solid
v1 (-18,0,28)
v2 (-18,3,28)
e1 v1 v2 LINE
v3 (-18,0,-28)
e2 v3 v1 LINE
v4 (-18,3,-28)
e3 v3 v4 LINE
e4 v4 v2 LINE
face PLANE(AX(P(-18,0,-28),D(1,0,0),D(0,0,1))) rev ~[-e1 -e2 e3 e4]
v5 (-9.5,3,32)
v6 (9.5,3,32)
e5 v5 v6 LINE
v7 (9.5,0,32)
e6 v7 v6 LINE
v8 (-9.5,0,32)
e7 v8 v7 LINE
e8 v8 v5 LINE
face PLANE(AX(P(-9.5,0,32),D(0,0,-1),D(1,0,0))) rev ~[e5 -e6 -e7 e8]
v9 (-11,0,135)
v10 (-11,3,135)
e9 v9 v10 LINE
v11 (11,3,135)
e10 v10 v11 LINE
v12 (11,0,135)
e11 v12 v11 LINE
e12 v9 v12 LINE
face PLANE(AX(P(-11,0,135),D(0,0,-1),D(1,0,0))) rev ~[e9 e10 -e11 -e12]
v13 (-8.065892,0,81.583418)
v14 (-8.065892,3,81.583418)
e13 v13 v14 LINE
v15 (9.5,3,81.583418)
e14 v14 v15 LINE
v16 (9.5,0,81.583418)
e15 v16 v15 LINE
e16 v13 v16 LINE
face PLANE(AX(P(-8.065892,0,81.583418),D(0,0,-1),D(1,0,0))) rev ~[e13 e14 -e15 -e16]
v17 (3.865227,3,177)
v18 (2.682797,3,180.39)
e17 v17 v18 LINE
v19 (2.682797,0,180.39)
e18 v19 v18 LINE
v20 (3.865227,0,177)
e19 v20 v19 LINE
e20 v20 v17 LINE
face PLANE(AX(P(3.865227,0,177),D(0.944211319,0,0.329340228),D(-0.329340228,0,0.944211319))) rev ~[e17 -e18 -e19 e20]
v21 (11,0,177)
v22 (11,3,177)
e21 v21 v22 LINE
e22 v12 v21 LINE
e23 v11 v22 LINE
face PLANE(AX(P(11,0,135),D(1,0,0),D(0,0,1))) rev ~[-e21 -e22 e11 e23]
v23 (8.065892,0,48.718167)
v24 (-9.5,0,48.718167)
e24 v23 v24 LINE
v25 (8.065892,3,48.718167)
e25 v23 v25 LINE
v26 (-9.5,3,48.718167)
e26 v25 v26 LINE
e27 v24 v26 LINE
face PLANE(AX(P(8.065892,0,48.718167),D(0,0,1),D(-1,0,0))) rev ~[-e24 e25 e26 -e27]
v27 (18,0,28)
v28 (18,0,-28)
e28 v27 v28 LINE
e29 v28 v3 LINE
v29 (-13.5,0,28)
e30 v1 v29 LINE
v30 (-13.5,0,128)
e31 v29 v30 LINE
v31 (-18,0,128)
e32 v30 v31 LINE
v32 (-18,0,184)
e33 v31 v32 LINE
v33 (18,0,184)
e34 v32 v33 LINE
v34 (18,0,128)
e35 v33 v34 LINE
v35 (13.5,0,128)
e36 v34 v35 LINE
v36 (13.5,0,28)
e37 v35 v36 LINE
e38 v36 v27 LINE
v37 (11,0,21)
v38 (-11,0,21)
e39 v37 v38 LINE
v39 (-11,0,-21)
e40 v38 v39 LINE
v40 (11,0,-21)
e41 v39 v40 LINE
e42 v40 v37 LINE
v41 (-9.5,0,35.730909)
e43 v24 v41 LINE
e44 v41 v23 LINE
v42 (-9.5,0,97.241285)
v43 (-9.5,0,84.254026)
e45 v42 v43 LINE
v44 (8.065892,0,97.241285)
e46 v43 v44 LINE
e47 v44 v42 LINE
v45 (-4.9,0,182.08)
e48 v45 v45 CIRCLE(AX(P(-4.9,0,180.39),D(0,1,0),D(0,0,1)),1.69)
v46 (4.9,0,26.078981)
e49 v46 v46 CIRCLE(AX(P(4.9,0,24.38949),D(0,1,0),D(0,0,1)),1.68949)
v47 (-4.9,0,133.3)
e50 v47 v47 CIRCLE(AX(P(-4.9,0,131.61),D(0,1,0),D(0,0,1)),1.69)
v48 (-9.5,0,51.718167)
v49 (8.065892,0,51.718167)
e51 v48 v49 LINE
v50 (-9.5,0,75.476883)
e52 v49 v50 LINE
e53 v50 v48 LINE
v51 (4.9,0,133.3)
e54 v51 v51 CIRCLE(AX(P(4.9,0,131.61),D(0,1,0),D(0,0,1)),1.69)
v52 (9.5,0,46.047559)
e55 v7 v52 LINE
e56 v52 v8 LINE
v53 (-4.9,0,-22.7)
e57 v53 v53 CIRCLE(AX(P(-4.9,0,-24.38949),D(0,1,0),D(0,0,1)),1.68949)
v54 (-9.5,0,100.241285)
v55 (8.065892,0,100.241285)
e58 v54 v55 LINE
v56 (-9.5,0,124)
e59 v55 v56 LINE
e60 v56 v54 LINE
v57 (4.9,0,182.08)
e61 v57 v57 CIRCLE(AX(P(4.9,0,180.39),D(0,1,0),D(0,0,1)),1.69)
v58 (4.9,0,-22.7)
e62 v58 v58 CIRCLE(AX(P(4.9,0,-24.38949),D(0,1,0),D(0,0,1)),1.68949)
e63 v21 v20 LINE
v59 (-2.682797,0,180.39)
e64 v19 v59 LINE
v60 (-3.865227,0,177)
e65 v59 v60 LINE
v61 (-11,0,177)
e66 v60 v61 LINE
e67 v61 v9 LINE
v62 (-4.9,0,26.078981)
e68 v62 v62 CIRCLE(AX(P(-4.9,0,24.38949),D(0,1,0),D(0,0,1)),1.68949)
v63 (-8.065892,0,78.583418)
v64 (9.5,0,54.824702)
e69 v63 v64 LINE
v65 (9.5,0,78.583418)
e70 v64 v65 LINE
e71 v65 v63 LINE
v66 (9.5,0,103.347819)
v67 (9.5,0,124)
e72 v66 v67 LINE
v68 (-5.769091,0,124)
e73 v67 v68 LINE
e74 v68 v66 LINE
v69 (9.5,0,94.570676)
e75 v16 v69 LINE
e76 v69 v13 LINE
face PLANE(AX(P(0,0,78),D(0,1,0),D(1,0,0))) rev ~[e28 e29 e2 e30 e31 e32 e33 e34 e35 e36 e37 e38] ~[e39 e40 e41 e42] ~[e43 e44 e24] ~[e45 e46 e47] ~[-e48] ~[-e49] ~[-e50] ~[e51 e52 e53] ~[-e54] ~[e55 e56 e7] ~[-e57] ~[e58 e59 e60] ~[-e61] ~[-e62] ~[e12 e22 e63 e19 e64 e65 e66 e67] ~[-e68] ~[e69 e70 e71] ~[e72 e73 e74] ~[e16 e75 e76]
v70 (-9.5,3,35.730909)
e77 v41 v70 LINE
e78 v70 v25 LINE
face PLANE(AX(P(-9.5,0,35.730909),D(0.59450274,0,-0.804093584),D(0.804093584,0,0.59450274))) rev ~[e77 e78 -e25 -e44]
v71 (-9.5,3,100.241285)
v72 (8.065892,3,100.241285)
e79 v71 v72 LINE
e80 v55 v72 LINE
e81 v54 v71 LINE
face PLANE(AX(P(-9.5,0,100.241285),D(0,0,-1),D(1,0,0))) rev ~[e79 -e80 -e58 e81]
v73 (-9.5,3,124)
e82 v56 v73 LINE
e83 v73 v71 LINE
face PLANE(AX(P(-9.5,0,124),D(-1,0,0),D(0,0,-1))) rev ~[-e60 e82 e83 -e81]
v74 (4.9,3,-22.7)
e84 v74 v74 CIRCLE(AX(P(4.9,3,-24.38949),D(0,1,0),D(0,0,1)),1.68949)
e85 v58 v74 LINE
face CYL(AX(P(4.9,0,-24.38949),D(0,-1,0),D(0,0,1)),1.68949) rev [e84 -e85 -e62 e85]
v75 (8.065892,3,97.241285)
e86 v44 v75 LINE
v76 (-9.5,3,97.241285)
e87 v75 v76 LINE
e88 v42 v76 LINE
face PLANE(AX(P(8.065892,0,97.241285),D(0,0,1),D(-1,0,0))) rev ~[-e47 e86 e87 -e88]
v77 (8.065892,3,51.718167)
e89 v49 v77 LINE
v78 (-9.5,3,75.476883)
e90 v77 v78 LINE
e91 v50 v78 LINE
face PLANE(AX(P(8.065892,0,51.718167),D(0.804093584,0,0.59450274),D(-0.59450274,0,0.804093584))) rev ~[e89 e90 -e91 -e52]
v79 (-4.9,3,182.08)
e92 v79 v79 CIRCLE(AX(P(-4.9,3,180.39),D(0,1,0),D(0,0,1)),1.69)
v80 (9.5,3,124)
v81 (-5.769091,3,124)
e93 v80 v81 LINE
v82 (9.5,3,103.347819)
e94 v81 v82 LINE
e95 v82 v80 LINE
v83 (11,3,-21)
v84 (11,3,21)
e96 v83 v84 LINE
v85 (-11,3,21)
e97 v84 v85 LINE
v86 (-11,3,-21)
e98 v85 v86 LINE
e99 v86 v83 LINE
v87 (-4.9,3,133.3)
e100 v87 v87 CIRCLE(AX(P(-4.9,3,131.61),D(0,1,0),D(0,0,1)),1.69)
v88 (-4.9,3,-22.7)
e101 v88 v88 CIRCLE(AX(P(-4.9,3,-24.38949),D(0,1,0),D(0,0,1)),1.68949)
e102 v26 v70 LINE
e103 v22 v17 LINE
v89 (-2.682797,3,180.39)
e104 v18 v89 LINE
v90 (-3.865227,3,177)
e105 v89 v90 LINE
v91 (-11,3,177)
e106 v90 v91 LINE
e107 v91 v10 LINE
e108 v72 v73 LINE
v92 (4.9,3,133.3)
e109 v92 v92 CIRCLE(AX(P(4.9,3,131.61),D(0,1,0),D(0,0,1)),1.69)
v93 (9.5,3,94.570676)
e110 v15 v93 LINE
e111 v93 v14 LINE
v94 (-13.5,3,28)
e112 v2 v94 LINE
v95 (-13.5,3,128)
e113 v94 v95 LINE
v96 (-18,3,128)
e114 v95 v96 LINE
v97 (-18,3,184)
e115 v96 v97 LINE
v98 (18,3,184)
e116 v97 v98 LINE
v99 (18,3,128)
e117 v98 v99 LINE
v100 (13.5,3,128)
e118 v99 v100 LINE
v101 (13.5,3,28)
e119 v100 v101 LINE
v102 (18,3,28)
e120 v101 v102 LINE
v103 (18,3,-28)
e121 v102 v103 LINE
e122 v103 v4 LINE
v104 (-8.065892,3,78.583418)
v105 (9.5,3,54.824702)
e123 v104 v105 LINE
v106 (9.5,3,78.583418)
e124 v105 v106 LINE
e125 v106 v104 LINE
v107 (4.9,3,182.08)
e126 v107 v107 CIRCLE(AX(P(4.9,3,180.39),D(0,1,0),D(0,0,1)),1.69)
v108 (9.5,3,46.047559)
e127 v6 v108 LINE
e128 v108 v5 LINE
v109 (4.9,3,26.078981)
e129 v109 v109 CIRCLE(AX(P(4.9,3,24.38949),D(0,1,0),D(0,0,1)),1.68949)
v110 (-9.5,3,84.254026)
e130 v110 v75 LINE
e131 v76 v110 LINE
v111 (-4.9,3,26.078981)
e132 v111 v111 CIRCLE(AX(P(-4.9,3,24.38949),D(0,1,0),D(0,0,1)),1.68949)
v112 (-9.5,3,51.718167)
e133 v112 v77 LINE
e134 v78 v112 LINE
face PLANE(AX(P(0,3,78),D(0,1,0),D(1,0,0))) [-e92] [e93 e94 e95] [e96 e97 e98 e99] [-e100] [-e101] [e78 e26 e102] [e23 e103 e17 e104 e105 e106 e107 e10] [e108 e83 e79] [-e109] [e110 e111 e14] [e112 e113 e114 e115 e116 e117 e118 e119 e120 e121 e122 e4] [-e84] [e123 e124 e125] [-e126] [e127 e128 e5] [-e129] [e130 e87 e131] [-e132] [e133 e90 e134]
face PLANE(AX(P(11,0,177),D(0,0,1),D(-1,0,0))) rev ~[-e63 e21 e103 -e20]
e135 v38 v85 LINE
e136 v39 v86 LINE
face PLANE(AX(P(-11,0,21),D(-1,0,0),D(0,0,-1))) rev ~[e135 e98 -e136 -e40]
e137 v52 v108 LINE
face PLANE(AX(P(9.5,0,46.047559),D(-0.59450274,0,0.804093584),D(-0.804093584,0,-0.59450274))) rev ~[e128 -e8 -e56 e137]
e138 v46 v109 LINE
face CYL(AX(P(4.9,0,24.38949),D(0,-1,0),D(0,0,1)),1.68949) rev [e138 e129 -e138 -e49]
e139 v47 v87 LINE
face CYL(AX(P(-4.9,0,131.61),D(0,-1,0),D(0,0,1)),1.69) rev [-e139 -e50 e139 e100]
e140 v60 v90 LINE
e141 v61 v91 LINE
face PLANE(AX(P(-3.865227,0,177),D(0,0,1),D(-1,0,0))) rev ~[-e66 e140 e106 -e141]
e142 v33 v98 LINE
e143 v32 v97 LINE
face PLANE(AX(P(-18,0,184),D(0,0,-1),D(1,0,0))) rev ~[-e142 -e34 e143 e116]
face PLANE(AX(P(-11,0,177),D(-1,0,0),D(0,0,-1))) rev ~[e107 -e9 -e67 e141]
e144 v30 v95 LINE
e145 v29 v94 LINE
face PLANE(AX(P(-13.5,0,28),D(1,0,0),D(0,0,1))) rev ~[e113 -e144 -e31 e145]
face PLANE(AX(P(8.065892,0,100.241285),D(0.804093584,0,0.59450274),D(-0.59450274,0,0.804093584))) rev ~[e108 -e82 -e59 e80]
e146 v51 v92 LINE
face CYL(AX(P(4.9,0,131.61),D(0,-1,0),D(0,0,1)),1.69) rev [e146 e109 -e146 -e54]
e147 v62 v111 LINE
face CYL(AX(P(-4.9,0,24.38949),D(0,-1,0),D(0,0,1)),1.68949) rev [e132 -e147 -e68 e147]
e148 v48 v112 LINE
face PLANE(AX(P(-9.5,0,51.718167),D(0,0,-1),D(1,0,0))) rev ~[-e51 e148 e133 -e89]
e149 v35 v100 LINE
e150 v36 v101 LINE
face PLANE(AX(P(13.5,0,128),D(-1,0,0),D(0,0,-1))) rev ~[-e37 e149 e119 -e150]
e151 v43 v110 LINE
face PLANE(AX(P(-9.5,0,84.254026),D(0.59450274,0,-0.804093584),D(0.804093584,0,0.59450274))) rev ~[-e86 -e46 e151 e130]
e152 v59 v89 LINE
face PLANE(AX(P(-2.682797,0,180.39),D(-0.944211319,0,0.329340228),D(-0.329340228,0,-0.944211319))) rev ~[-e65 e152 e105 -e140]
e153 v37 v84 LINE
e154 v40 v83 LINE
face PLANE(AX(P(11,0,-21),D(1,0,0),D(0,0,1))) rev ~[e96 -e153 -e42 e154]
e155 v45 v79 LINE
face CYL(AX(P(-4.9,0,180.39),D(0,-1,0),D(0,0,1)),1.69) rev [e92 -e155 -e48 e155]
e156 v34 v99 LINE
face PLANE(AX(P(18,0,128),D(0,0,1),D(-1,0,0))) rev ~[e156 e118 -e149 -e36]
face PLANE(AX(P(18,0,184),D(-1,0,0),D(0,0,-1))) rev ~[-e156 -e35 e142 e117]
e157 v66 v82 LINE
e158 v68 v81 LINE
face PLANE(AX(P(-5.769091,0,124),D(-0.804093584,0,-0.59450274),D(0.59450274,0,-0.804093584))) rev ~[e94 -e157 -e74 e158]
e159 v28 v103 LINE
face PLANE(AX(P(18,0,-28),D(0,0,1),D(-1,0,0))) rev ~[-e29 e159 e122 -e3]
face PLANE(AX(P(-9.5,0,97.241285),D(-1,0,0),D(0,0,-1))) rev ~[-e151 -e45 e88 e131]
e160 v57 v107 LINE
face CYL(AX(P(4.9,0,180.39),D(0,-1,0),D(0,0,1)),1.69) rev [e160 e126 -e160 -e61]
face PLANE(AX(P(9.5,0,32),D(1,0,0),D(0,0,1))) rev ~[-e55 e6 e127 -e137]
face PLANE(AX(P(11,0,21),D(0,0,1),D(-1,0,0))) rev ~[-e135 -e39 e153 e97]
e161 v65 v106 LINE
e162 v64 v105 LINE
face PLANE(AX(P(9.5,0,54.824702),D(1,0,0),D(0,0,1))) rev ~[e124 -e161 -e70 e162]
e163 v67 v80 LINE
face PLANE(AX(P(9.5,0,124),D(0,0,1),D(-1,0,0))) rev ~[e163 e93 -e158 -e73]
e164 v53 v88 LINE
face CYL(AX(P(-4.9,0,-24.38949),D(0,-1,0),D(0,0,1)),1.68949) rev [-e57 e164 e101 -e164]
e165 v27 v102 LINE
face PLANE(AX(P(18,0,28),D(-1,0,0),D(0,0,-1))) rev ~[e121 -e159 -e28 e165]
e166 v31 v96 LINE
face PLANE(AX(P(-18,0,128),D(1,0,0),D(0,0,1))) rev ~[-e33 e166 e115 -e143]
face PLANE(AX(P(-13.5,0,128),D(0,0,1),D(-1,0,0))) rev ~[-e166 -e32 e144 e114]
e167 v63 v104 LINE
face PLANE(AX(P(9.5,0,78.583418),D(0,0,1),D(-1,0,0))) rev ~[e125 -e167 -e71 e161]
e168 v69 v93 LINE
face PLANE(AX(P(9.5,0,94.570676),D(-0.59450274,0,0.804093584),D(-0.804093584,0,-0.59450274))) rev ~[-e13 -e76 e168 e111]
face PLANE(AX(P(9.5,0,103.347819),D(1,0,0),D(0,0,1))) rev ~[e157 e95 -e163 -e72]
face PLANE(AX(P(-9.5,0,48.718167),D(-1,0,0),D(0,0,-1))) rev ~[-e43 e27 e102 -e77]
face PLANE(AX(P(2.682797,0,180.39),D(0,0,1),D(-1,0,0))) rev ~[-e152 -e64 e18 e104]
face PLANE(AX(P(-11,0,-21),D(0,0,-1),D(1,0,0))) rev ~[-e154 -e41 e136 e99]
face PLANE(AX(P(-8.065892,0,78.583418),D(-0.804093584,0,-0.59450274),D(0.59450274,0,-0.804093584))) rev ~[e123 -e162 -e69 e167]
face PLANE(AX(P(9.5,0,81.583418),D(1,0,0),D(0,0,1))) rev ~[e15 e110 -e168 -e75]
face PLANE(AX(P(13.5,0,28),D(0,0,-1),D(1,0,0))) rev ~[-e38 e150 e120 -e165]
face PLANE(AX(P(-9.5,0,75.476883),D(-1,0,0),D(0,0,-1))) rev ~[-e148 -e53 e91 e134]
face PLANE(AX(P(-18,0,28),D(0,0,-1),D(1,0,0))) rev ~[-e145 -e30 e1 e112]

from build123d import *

# Parameters (mm, degrees)
SKETCH1_R           = 1.69
SKETCH1_R_2         = 1.689490446
BOSS_EXTRUDE1_DEPTH = 3


with BuildPart() as part:
    # Sketch1 → Boss-Extrude1 (new body)
    with BuildSketch(Plane(origin=(0, 0, 0), x_dir=(1, 0, 0), z_dir=(0, 1, 0))):
        Polygon((18, 28), (-18, 28), (-18, -28), (-13.5, -28), (-13.5, -128), (-18, -128), (-18, -184), (18, -184), (18, -128), (13.5, -128), (13.5, -28), (18, -28), align=None)
        with Locations(Location((-4.9, -131.61, 0), (0, 0, 270))):
            Circle(SKETCH1_R, mode=Mode.SUBTRACT)
        Polygon((-9.5, -124), (-9.5, -100.241284536), (8.065892483, -100.241284536), align=None, mode=Mode.SUBTRACT)
        Polygon((-9.5, -97.241284536), (-9.5, -84.254026063), (8.065892483, -97.241284536), align=None, mode=Mode.SUBTRACT)
        Polygon((-11, -135), (-4.9, -135), (4.9, -135), (11, -135), (11, -177), (3.865226591, -177), (2.682797031, -180.39), (-2.682797031, -180.39), (-3.865226591, -177), (-11, -177), align=None, mode=Mode.SUBTRACT)
        with Locations(Location((-4.9, -180.39, 0), (0, 0, 270))):
            Circle(SKETCH1_R, mode=Mode.SUBTRACT)
        with Locations(Location((4.9, -180.39, 0), (0, 0, 270))):
            Circle(SKETCH1_R, mode=Mode.SUBTRACT)
        with Locations(Location((4.9, -131.61, 0), (0, 0, 270))):
            Circle(SKETCH1_R, mode=Mode.SUBTRACT)
        Polygon((-5.769090987, -124), (9.5, -103.347819161), (9.5, -124), align=None, mode=Mode.SUBTRACT)
        Polygon((-8.065892483, -81.583417574), (9.5, -81.583417574), (9.5, -94.570676047), align=None, mode=Mode.SUBTRACT)
        Polygon((8.065892483, -51.718167486), (-9.5, -75.47688295), (-9.5, -51.718167486), align=None, mode=Mode.SUBTRACT)
        Polygon((-9.5, -48.718167486), (-9.5, -35.730909013), (8.065892483, -48.718167486), align=None, mode=Mode.SUBTRACT)
        Polygon((-9.5, -32), (9.5, -32), (9.5, -46.047558997), align=None, mode=Mode.SUBTRACT)
        with Locations(Location((-4.9, -24.389490446, 0), (0, 0, 270))):
            Circle(SKETCH1_R_2, mode=Mode.SUBTRACT)
        Polygon((-11, -21), (-11, 21), (-4.9, 21), (4.9, 21), (11, 21), (11, -21), (4.9, -21), align=None, mode=Mode.SUBTRACT)
        with Locations(Location((-4.9, 24.389490446, 0), (0, 0, 270))):
            Circle(SKETCH1_R_2, mode=Mode.SUBTRACT)
        Polygon((9.5, -54.82470211), (9.5, -78.583417574), (-8.065892483, -78.583417574), align=None, mode=Mode.SUBTRACT)
        with Locations(Location((4.9, -24.389490446, 0), (0, 0, 270))):
            Circle(SKETCH1_R_2, mode=Mode.SUBTRACT)
        with Locations(Location((4.9, 24.389490446, 0), (0, 0, 270))):
            Circle(SKETCH1_R_2, mode=Mode.SUBTRACT)
    extrude(amount=BOSS_EXTRUDE1_DEPTH)


solid = part.part
